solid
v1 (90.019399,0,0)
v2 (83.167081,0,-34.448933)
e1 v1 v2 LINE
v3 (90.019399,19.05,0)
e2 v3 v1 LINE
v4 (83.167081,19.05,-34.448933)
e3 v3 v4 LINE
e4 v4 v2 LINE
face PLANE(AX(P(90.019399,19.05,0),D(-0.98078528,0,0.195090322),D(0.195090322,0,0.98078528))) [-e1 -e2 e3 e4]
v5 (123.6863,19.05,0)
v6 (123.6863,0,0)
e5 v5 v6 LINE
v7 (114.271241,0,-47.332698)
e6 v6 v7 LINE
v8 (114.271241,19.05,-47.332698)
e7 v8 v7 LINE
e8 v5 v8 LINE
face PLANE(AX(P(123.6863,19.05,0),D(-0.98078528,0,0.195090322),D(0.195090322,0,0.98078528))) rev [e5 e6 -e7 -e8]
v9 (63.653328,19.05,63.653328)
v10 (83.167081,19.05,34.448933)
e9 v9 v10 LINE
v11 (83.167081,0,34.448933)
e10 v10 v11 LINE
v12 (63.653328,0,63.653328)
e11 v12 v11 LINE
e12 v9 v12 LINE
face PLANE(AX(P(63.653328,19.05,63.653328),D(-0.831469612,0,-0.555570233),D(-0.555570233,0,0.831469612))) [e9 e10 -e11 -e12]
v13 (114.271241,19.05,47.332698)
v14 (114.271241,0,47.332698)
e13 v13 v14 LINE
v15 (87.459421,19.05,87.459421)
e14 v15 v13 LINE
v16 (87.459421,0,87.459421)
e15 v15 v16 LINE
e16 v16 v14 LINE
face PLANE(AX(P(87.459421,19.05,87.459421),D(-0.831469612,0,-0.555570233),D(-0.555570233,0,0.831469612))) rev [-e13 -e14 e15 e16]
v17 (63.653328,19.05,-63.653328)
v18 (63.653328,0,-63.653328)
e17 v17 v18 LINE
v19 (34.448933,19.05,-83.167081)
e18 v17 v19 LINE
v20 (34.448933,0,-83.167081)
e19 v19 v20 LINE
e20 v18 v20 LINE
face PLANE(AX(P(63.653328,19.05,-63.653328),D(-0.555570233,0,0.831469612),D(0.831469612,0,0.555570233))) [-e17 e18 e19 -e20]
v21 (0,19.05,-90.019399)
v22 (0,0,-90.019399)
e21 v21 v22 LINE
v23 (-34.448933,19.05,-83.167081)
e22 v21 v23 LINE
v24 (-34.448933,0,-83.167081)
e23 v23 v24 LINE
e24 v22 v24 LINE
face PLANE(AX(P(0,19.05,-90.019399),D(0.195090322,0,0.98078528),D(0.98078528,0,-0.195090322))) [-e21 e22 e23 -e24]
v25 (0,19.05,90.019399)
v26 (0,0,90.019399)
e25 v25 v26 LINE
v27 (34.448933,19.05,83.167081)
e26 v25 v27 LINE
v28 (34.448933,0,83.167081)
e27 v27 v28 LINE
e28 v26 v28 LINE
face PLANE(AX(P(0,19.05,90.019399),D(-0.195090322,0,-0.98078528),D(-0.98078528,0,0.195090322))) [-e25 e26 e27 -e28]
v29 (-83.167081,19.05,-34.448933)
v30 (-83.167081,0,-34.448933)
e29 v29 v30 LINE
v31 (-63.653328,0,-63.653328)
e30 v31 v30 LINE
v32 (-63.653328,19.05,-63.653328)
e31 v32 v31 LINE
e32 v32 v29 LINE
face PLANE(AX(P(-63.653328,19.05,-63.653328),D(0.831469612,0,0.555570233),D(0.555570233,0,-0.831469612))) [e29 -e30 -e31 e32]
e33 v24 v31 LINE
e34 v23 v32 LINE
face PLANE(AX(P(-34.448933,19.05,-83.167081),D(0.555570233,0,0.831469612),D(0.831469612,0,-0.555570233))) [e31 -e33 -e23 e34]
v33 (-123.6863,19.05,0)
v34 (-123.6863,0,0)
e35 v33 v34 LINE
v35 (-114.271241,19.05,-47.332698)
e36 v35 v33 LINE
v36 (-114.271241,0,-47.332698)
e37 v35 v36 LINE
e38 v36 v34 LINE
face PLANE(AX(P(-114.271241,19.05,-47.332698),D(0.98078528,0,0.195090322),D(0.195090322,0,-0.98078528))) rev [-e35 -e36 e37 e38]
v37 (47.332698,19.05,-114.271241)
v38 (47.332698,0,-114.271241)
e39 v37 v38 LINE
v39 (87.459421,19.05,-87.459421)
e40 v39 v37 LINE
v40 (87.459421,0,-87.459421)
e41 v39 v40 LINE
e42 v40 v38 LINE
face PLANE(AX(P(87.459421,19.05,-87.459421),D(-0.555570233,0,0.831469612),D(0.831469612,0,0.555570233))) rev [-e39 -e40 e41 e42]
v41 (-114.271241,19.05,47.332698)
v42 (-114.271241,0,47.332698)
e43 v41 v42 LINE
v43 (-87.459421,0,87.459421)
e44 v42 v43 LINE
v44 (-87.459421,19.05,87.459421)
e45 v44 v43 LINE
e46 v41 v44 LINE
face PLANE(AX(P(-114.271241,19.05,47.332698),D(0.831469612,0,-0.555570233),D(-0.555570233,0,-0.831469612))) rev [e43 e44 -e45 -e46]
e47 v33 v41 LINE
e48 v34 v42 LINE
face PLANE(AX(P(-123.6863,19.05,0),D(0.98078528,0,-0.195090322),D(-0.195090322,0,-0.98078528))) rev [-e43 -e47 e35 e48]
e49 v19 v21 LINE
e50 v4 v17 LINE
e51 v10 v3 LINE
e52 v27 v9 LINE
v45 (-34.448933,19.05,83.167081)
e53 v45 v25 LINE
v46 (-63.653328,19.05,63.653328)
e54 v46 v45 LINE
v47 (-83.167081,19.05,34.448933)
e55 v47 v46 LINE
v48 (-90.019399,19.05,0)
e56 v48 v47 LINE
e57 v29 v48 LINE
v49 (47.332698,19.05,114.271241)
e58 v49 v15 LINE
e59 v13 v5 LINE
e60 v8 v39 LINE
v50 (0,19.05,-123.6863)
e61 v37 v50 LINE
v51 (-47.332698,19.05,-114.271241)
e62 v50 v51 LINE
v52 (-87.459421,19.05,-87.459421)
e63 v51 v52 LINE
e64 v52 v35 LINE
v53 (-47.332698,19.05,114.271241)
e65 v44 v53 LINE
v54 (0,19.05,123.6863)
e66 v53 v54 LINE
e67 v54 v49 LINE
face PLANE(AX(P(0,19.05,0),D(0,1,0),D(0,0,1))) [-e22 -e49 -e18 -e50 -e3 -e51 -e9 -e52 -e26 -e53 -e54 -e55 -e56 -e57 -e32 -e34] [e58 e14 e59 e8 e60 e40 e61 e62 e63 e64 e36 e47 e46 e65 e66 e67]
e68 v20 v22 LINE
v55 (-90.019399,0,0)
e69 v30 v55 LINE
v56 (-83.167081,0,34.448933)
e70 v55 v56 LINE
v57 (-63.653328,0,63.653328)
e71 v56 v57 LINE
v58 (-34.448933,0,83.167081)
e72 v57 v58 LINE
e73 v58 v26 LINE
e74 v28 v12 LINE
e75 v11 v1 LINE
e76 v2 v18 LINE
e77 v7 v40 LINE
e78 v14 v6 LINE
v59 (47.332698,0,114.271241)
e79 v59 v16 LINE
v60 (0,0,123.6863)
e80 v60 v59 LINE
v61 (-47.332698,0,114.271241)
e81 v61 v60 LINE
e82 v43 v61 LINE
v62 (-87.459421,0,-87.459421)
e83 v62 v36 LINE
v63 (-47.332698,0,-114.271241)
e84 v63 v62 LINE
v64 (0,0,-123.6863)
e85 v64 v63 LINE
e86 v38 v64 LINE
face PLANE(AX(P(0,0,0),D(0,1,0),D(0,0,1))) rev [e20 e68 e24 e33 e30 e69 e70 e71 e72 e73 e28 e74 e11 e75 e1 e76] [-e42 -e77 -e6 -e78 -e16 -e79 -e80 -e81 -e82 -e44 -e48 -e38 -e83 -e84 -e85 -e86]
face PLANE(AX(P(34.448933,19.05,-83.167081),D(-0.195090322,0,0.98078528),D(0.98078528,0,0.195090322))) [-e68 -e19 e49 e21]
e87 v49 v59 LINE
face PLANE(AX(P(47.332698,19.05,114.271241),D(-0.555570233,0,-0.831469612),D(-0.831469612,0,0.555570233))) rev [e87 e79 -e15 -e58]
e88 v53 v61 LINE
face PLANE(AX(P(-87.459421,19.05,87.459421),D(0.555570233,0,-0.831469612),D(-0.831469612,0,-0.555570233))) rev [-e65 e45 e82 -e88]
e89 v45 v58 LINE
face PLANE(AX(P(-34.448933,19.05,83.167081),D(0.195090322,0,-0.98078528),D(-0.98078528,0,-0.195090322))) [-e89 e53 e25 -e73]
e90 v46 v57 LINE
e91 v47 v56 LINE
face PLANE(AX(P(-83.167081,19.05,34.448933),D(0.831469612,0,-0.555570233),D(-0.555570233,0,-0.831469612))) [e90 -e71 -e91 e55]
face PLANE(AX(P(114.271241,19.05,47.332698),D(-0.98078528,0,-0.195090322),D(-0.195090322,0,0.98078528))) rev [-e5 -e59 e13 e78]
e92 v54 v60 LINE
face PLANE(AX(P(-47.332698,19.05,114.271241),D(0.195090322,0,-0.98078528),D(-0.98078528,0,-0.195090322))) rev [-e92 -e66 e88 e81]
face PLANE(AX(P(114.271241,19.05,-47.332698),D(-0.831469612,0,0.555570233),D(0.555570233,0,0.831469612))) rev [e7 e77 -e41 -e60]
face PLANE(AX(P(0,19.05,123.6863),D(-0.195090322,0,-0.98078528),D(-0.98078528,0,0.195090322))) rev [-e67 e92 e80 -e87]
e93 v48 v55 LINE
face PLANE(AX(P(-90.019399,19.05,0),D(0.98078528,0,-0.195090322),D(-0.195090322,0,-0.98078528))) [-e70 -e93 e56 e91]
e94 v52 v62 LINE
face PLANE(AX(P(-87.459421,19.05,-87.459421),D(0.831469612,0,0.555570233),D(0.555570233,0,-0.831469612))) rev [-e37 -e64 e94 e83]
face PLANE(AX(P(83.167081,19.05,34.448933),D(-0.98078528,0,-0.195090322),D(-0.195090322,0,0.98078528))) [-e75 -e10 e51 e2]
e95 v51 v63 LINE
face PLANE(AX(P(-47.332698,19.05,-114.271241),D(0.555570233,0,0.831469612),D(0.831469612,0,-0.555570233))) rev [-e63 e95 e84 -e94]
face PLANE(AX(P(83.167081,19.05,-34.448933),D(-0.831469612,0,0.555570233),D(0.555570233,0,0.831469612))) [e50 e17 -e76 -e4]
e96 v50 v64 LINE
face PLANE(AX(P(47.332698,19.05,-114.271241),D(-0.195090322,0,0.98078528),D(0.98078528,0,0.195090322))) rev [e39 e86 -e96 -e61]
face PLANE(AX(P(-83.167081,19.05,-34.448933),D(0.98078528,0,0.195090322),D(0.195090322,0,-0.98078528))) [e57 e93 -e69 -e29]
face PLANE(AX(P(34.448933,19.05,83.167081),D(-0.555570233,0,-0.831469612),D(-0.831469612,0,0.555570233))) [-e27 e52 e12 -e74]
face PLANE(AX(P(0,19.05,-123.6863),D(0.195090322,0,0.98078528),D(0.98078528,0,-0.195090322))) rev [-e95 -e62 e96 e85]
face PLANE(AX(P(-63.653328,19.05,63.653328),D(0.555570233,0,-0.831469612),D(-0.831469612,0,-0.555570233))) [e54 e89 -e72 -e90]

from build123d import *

# Parameters (mm, degrees)
BOSS_EXTRUDE1_DEPTH = 19.05


with BuildPart() as part:
    # Sketch1 → Boss-Extrude1 (new body)
    with BuildSketch(Plane(origin=(0, 0, 0), x_dir=(1, 0, 0), z_dir=(0, 1, 0))):
        Polygon((123.686299508, 0), (114.271240568, 47.332697632), (87.459421122, 87.459421122), (47.332697632, 114.271240568), (0, 123.686299508), (-47.332697632, 114.271240568), (-87.459421122, 87.459421122), (-114.271240568, 47.332697632), (-123.686299508, 0), (-114.271240568, -47.332697632), (-87.459421122, -87.459421122), (-47.332697632, -114.271240568), (0, -123.686299508), (47.332697632, -114.271240568), (87.459421122, -87.459421122), (114.271240568, -47.332697632), align=None)
        Polygon((90.019399464, 0), (83.167080694, 34.448932766), (63.653327799, 63.653327799), (34.448932766, 83.167080694), (0, 90.019399464), (-34.448932766, 83.167080694), (-63.653327799, 63.653327799), (-83.167080694, 34.448932766), (-90.019399464, 0), (-83.167080694, -34.448932766), (-63.653327799, -63.653327799), (-34.448932766, -83.167080694), (0, -90.019399464), (34.448932766, -83.167080694), (63.653327799, -63.653327799), (83.167080694, -34.448932766), align=None, mode=Mode.SUBTRACT)
    extrude(amount=BOSS_EXTRUDE1_DEPTH)


solid = part.part
